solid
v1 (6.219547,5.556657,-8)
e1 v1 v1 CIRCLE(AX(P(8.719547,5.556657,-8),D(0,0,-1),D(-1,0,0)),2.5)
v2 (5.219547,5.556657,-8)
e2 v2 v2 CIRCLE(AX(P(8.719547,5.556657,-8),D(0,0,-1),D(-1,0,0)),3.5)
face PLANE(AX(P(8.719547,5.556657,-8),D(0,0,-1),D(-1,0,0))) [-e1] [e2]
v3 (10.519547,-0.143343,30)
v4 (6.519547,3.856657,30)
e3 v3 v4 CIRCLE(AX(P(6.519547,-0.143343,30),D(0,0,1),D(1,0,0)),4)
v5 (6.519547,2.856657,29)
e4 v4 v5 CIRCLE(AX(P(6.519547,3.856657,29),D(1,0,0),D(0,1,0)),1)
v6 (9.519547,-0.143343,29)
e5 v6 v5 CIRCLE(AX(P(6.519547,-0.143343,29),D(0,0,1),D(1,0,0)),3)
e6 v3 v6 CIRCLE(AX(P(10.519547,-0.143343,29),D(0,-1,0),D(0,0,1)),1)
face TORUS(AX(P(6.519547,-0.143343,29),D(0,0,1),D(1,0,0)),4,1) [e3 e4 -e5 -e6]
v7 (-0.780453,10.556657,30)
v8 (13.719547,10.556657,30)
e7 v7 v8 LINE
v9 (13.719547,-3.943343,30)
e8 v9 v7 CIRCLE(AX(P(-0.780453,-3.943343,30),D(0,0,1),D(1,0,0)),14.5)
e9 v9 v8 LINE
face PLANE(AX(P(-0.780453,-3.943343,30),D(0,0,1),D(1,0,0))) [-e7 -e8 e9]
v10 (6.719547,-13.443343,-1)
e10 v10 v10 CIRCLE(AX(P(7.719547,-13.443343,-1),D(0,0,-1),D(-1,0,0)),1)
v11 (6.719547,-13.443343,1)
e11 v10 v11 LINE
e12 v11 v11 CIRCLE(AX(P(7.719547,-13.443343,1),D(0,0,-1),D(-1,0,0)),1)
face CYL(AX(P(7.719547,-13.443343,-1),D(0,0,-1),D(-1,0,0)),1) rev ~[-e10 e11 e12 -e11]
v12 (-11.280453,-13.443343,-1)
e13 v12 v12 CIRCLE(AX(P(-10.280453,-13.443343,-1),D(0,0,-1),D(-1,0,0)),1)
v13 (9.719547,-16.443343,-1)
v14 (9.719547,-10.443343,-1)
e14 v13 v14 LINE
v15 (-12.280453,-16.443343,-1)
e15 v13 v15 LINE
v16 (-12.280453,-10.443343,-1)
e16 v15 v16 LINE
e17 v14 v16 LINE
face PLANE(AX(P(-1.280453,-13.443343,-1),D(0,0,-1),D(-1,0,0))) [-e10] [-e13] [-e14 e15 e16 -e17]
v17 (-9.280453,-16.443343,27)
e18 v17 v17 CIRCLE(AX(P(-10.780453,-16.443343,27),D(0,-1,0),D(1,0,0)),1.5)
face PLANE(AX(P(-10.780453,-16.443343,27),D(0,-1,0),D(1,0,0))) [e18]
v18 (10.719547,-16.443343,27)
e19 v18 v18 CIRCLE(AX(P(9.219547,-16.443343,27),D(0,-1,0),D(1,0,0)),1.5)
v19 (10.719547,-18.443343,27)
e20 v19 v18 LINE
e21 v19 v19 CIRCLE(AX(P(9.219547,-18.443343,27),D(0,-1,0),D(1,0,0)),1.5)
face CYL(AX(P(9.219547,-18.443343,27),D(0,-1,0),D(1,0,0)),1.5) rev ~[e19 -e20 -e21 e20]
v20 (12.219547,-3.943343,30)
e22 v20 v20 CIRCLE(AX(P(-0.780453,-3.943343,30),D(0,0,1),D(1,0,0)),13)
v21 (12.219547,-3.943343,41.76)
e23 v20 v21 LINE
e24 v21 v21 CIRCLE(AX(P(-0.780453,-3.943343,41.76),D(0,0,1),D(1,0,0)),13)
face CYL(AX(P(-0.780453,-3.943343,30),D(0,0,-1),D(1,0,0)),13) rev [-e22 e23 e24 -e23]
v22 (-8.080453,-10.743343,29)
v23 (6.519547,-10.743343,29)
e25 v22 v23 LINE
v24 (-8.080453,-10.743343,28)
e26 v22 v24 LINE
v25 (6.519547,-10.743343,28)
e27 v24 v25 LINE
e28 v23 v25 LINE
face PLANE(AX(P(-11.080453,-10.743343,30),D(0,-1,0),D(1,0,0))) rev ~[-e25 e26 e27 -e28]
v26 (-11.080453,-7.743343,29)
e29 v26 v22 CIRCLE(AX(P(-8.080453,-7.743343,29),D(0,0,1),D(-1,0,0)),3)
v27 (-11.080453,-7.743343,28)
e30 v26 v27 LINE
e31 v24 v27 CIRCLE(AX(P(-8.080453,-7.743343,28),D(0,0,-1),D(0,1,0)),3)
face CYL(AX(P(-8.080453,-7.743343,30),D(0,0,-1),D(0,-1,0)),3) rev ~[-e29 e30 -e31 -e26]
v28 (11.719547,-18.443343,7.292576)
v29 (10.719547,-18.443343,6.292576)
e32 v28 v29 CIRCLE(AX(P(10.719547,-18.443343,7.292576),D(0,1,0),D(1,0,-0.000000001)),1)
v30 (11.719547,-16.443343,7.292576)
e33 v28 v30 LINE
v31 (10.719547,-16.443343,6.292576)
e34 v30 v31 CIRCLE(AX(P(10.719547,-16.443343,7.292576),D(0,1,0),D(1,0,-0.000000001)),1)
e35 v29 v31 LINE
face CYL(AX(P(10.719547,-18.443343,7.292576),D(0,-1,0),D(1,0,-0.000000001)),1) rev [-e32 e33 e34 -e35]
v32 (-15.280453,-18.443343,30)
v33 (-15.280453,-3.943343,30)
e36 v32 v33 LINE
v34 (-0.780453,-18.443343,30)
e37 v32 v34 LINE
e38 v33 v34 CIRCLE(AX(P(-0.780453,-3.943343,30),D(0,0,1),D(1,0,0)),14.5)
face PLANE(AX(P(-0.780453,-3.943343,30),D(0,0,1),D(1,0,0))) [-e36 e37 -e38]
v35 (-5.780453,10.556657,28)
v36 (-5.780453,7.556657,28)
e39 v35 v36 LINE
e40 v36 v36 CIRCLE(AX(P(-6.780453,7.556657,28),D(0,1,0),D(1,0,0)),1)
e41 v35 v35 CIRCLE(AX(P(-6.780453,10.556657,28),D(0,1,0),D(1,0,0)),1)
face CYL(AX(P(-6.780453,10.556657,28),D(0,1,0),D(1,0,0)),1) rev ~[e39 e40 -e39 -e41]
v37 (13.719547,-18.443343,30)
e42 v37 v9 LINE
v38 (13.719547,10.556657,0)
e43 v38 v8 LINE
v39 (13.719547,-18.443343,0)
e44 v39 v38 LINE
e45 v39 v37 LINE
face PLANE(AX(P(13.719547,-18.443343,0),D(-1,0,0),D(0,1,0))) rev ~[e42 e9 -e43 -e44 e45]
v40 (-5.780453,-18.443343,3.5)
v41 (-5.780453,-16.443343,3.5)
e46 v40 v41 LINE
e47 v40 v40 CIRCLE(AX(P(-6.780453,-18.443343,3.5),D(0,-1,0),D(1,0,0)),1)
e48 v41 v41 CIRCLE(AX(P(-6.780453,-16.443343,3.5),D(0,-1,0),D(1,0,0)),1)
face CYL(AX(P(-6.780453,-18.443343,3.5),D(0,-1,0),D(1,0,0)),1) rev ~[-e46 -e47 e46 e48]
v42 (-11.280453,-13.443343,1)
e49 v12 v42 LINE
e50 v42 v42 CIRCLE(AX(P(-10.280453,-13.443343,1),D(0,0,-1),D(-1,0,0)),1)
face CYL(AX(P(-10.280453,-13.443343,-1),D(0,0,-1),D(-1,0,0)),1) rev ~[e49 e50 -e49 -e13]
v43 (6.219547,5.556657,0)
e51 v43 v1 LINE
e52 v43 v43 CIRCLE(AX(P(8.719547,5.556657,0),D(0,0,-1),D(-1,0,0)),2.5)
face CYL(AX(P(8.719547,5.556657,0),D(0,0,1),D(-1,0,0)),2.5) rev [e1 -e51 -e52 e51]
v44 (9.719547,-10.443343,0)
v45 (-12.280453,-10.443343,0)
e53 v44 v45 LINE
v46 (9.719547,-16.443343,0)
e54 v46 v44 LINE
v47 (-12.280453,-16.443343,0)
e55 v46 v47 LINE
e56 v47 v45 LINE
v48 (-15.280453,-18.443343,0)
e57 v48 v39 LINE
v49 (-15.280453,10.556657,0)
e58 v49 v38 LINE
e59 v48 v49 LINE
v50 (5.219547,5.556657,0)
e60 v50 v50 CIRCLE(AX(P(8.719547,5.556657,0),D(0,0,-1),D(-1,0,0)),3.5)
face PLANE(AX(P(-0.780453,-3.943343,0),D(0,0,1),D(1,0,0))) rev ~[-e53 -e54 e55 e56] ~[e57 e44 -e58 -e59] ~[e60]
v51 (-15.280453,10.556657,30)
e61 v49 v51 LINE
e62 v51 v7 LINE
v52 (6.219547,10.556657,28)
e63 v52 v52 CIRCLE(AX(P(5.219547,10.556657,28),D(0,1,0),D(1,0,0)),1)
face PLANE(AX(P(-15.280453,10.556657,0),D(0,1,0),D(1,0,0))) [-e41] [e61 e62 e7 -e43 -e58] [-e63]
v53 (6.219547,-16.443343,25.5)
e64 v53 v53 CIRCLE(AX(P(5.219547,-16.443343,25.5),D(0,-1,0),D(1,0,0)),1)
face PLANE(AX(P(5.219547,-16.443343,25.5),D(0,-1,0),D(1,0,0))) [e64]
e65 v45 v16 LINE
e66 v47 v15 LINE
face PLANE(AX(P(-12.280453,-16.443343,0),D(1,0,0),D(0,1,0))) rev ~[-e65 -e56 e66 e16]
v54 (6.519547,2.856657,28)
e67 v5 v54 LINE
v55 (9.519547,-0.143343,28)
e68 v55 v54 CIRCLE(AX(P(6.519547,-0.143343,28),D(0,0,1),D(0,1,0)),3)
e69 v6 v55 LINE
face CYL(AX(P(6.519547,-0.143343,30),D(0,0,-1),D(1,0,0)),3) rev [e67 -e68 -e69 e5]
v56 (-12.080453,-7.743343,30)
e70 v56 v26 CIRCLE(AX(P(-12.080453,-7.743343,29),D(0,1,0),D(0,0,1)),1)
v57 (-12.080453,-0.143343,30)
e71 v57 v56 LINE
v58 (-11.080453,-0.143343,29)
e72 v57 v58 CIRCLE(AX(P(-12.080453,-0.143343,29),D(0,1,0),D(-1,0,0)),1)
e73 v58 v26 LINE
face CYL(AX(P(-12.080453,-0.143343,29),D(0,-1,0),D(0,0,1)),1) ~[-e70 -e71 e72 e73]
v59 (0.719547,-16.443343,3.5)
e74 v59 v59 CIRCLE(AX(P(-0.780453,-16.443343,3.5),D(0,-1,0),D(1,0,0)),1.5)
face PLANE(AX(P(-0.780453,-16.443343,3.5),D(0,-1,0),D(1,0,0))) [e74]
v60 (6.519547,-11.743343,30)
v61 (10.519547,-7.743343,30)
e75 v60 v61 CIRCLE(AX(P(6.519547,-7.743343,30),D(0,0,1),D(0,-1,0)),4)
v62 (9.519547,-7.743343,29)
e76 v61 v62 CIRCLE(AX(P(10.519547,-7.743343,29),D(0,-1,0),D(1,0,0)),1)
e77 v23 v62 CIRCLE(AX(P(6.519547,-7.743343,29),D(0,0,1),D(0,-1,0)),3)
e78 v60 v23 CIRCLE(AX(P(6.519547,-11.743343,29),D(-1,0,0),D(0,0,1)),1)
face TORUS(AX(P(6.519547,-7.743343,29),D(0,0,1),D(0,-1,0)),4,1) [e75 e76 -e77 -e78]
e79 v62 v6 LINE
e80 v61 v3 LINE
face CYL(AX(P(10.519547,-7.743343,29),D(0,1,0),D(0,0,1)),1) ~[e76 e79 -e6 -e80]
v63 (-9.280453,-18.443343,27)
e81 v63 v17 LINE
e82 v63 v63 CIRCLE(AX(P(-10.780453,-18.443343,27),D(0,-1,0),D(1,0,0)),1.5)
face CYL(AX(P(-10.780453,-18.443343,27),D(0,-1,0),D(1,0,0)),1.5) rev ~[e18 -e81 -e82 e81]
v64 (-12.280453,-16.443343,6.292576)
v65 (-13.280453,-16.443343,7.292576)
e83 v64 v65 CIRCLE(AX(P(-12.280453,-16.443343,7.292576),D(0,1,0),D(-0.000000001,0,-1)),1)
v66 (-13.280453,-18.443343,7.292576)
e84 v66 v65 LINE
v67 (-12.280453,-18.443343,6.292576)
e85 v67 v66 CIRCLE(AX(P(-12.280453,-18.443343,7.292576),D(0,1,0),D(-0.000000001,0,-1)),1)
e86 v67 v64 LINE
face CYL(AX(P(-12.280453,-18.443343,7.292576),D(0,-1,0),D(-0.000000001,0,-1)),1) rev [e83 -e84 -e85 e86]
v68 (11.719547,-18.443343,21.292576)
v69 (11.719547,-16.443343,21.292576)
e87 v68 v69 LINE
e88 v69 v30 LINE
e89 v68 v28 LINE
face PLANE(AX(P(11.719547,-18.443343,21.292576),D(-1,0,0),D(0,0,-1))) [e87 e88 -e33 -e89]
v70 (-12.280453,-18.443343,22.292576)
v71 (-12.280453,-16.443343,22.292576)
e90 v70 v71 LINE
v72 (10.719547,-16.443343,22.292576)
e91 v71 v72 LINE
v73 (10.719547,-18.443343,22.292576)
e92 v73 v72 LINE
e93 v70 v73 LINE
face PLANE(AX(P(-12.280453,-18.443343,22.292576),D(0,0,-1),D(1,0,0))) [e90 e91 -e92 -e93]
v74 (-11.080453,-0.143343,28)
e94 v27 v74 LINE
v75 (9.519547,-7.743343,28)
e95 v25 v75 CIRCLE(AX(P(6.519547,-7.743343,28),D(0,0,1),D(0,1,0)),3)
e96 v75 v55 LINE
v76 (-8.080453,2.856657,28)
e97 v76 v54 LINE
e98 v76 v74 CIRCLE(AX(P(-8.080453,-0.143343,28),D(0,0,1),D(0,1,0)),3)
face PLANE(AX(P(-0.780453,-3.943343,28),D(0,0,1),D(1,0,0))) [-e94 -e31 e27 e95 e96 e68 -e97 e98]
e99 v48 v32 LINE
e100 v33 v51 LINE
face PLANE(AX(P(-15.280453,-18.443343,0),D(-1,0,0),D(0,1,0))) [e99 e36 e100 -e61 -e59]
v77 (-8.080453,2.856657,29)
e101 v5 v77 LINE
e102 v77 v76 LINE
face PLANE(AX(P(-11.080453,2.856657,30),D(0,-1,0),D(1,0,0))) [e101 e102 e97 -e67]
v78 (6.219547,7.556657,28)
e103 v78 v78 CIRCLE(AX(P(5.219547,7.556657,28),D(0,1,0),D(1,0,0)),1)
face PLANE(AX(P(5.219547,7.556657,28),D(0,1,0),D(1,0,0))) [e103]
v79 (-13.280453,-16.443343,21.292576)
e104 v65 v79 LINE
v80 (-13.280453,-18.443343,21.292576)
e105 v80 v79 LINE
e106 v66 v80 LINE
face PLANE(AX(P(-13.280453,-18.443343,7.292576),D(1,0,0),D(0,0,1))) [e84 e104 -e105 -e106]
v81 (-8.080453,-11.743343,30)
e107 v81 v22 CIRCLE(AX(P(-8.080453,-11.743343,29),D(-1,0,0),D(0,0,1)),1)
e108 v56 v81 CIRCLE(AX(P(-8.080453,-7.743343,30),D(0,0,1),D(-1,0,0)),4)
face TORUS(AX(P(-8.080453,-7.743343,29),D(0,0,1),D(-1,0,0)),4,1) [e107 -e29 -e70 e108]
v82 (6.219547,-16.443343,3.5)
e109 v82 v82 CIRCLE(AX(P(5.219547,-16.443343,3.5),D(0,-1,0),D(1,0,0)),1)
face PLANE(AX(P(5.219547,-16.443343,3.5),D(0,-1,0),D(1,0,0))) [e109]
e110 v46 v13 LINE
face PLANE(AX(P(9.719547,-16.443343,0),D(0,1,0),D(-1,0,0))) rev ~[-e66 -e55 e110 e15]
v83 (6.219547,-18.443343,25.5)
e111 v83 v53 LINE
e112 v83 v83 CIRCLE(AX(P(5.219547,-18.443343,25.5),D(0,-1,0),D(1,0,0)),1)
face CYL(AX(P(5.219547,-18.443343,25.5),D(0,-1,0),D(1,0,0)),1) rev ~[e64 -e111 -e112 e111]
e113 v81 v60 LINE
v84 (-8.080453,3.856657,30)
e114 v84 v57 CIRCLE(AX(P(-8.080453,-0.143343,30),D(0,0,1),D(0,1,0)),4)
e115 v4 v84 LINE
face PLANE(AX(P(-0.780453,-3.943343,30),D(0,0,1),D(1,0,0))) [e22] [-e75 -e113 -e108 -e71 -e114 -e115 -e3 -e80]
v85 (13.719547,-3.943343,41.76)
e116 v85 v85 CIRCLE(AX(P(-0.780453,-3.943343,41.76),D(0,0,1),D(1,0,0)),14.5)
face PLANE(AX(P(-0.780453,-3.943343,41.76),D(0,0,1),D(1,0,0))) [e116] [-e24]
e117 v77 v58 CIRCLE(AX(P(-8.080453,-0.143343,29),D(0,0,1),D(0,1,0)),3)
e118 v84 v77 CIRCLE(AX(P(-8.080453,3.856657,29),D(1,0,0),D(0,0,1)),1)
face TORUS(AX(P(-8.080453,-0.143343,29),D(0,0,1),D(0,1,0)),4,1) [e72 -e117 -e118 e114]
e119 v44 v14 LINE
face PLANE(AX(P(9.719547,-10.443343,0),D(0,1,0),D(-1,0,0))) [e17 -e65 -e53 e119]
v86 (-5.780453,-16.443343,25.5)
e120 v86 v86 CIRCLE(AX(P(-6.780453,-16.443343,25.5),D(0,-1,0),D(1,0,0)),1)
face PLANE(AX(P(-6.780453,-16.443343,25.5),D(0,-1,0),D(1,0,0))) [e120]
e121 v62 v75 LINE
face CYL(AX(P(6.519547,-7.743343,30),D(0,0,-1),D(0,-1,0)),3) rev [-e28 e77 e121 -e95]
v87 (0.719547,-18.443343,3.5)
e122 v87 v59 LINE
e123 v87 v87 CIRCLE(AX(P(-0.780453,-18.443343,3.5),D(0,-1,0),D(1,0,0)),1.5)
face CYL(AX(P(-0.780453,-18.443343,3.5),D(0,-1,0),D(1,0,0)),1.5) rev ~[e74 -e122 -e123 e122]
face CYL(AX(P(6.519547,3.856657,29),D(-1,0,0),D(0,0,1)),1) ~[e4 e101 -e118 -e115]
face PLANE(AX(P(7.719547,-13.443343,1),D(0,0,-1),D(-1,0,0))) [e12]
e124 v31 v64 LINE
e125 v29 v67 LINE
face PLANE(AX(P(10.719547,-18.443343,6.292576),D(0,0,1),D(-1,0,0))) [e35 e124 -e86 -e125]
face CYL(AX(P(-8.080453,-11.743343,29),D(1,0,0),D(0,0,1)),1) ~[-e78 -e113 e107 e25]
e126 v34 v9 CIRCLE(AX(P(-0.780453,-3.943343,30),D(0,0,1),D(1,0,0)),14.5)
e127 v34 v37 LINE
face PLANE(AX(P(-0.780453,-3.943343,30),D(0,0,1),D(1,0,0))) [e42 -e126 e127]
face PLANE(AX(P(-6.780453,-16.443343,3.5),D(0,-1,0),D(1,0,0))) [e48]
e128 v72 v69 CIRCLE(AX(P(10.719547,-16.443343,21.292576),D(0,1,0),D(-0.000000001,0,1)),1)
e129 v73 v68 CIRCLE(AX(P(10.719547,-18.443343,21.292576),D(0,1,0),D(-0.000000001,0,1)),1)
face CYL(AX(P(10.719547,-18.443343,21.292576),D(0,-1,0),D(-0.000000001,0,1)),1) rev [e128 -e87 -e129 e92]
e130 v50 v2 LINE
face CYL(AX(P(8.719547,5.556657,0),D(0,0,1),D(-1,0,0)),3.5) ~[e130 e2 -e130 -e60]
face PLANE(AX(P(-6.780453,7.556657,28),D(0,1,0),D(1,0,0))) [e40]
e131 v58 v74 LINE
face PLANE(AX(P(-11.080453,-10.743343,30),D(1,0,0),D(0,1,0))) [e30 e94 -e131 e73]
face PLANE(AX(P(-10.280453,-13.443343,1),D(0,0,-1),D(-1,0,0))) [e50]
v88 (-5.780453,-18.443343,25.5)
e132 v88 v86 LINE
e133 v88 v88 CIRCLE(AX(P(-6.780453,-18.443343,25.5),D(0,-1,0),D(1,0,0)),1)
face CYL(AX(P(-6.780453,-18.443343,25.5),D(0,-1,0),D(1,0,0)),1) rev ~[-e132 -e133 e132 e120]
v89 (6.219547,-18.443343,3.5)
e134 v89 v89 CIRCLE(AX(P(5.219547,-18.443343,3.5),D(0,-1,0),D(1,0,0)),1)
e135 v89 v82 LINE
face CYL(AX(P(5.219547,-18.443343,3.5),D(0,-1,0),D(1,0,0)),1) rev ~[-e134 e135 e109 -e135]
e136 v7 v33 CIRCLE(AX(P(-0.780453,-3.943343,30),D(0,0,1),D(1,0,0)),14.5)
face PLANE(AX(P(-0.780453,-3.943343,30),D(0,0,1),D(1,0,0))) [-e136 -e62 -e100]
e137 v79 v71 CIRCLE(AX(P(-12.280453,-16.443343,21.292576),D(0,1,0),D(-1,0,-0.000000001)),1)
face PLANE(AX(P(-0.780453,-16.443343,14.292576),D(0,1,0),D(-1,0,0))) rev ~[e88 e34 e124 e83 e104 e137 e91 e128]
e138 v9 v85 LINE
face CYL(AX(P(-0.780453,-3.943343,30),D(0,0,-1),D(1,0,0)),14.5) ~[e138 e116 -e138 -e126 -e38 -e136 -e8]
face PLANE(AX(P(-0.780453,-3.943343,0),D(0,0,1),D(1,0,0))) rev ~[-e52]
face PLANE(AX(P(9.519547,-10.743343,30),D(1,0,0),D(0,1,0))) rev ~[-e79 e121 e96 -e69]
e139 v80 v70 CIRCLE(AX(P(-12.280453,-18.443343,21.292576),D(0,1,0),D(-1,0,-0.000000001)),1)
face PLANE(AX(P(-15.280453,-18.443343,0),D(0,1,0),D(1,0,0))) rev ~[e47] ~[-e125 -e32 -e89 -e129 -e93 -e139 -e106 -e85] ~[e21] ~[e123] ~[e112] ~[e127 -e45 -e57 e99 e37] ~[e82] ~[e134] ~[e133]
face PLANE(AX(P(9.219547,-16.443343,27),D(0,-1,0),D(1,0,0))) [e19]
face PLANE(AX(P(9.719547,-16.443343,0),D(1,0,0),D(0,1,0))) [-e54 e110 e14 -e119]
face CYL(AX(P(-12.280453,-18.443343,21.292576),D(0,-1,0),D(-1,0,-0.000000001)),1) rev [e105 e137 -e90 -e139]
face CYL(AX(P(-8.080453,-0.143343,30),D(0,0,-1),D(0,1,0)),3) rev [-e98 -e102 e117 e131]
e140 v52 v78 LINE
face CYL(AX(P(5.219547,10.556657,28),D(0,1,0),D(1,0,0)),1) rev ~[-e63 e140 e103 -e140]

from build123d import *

# Parameters (mm, degrees)
SKETCH1_W           = 29
SKETCH1_H           = 29
BOSS_EXTRUDE1_DEPTH = 30
SKETCH2_R           = 14.5
SKETCH2_R_2         = 13
BOSS_EXTRUDE2_DEPTH = 11.76
SKETCH4_W           = 20.6
SKETCH4_H           = 13.6
CUT_EXTRUDE1_DEPTH  = 2
FILLET1_R           = 3
FILLET2_R           = 1
SKETCH5_R           = 3.5
SKETCH5_R_2         = 2.5
BOSS_EXTRUDE3_DEPTH = 8
SKETCH6_R           = 1
CUT_EXTRUDE2_DEPTH  = 3
SKETCH8_R           = 1.5
SKETCH8_R_2         = 1
CUT_EXTRUDE3_DEPTH  = 2
SKETCH9_W           = 22
SKETCH9_H           = 6
BOSS_EXTRUDE4_DEPTH = 1
SKETCH10_R          = 1
CUT_EXTRUDE4_DEPTH  = 2


with BuildPart() as part:
    # Sketch1 → Boss-Extrude1 (new body)
    with BuildSketch(Plane.XY):
        with Locations((-0.780453258, -3.943342776)):
            Rectangle(SKETCH1_W, SKETCH1_H)
    extrude(amount=BOSS_EXTRUDE1_DEPTH)

    # Sketch2 → Boss-Extrude2 (add)
    with BuildSketch(Plane.XY.offset(30)):
        with Locations((-0.780453258, -3.943342776)):
            Circle(SKETCH2_R)
        with Locations((-0.780453258, -3.943342776)):
            Circle(SKETCH2_R_2, mode=Mode.SUBTRACT)
    extrude(amount=BOSS_EXTRUDE2_DEPTH)

    # Sketch4 → Cut-Extrude1 (cut)
    with BuildSketch(Plane.XY.offset(30)):
        with Locations((-0.780453258, -3.943342776)):
            Rectangle(SKETCH4_W, SKETCH4_H)
    extrude(amount=-CUT_EXTRUDE1_DEPTH, mode=Mode.SUBTRACT)

    # Fillet1
    fillet1_edges = [part.edges().sort_by_distance(p)[0] for p in [
        (-11.080453258, -10.743342776, 29),
        (-11.080453258, 2.856657224, 29),
        (9.519546742, 2.856657224, 29),
        (9.519546742, -10.743342776, 29),
    ]]
    fillet(fillet1_edges, radius=FILLET1_R)

    # Fillet2
    fillet2_edges = [part.edges().sort_by_distance(p)[0] for p in [
        (-0.780453258, -10.743342776, 30),
        (-11.080453258, -3.943342776, 30),
        (9.519546742, -3.943342776, 30),
        (-0.780453258, 2.856657224, 30),
        (-10.201773601, -9.86466312, 30),
        (8.640867086, -9.86466312, 30),
        (8.640867086, 1.977977567, 30),
        (-10.201773601, 1.977977567, 30),
    ]]
    fillet(fillet2_edges, radius=FILLET2_R)

    # Sketch5 → Boss-Extrude3 (add)
    with BuildSketch(Plane(origin=(0, 0, 0), x_dir=(-1, 0, 0), z_dir=(0, 0, -1))):
        with Locations((-8.719546742, 5.556657224)):
            Circle(SKETCH5_R)
        with Locations((-8.719546742, 5.556657224)):
            Circle(SKETCH5_R_2, mode=Mode.SUBTRACT)
    extrude(amount=BOSS_EXTRUDE3_DEPTH)

    # Sketch6 → Cut-Extrude2 (cut)
    with BuildSketch(Plane(origin=(0, 10.556657224, 0), x_dir=(1, 0, 0), z_dir=(0, 1, 0))):
        with Locations((-6.780453258, -28)):
            Circle(SKETCH6_R)
        with Locations((5.219546742, -28)):
            Circle(SKETCH6_R)
    extrude(amount=-CUT_EXTRUDE2_DEPTH, mode=Mode.SUBTRACT)

    # Sketch8 → Cut-Extrude3 (cut)
    with BuildSketch(Plane.XZ.offset(18.443342776)):
        with Locations((9.219546742, 27)):
            Circle(SKETCH8_R)
        with Locations((-10.780453258, 27)):
            Circle(SKETCH8_R)
        with Locations((-6.780453258, 25.5)):
            Circle(SKETCH8_R_2)
        with Locations((5.219546742, 25.5)):
            Circle(SKETCH8_R_2)
        with Locations((-6.780453258, 3.5)):
            Circle(SKETCH8_R_2)
        with Locations((5.219546742, 3.5)):
            Circle(SKETCH8_R_2)
        with Locations((-0.780453258, 3.5)):
            Circle(SKETCH8_R)
        with BuildLine():
            Line((-12.280453258, 22.292576019), (10.719546742, 22.292576019))
            ThreePointArc((10.719546742, 22.292576019), (11.426653523, 21.999682801), (11.719546742, 21.292576019))
            Line((11.719546742, 21.292576019), (11.719546742, 7.292576019))
            ThreePointArc((11.719546742, 7.292576019), (11.426653523, 6.585469238), (10.719546742, 6.292576019))
            Line((10.719546742, 6.292576019), (-12.280453258, 6.292576019))
            ThreePointArc((-12.280453258, 6.292576019), (-12.987560039, 6.585469238), (-13.280453258, 7.292576019))
            Line((-13.280453258, 7.292576019), (-13.280453258, 21.292576019))
            ThreePointArc((-13.280453258, 21.292576019), (-12.987560039, 21.999682801), (-12.280453258, 22.292576019))
        make_face()
    extrude(amount=-CUT_EXTRUDE3_DEPTH, mode=Mode.SUBTRACT)

    # Sketch9 → Boss-Extrude4 (add)
    with BuildSketch(Plane(origin=(0, 0, 0), x_dir=(-1, 0, 0), z_dir=(0, 0, -1))):
        with Locations((1.280453258, -13.443342776)):
            Rectangle(SKETCH9_W, SKETCH9_H)
    extrude(amount=BOSS_EXTRUDE4_DEPTH)

    # Sketch10 → Cut-Extrude4 (cut)
    with BuildSketch(Plane(origin=(0, 0, -1), x_dir=(-1, 0, 0), z_dir=(0, 0, -1))):
        with Locations((-7.719546742, -13.443342776)):
            Circle(SKETCH10_R)
        with Locations((10.280453258, -13.443342776)):
            Circle(SKETCH10_R)
    extrude(amount=-CUT_EXTRUDE4_DEPTH, mode=Mode.SUBTRACT)


solid = part.part
